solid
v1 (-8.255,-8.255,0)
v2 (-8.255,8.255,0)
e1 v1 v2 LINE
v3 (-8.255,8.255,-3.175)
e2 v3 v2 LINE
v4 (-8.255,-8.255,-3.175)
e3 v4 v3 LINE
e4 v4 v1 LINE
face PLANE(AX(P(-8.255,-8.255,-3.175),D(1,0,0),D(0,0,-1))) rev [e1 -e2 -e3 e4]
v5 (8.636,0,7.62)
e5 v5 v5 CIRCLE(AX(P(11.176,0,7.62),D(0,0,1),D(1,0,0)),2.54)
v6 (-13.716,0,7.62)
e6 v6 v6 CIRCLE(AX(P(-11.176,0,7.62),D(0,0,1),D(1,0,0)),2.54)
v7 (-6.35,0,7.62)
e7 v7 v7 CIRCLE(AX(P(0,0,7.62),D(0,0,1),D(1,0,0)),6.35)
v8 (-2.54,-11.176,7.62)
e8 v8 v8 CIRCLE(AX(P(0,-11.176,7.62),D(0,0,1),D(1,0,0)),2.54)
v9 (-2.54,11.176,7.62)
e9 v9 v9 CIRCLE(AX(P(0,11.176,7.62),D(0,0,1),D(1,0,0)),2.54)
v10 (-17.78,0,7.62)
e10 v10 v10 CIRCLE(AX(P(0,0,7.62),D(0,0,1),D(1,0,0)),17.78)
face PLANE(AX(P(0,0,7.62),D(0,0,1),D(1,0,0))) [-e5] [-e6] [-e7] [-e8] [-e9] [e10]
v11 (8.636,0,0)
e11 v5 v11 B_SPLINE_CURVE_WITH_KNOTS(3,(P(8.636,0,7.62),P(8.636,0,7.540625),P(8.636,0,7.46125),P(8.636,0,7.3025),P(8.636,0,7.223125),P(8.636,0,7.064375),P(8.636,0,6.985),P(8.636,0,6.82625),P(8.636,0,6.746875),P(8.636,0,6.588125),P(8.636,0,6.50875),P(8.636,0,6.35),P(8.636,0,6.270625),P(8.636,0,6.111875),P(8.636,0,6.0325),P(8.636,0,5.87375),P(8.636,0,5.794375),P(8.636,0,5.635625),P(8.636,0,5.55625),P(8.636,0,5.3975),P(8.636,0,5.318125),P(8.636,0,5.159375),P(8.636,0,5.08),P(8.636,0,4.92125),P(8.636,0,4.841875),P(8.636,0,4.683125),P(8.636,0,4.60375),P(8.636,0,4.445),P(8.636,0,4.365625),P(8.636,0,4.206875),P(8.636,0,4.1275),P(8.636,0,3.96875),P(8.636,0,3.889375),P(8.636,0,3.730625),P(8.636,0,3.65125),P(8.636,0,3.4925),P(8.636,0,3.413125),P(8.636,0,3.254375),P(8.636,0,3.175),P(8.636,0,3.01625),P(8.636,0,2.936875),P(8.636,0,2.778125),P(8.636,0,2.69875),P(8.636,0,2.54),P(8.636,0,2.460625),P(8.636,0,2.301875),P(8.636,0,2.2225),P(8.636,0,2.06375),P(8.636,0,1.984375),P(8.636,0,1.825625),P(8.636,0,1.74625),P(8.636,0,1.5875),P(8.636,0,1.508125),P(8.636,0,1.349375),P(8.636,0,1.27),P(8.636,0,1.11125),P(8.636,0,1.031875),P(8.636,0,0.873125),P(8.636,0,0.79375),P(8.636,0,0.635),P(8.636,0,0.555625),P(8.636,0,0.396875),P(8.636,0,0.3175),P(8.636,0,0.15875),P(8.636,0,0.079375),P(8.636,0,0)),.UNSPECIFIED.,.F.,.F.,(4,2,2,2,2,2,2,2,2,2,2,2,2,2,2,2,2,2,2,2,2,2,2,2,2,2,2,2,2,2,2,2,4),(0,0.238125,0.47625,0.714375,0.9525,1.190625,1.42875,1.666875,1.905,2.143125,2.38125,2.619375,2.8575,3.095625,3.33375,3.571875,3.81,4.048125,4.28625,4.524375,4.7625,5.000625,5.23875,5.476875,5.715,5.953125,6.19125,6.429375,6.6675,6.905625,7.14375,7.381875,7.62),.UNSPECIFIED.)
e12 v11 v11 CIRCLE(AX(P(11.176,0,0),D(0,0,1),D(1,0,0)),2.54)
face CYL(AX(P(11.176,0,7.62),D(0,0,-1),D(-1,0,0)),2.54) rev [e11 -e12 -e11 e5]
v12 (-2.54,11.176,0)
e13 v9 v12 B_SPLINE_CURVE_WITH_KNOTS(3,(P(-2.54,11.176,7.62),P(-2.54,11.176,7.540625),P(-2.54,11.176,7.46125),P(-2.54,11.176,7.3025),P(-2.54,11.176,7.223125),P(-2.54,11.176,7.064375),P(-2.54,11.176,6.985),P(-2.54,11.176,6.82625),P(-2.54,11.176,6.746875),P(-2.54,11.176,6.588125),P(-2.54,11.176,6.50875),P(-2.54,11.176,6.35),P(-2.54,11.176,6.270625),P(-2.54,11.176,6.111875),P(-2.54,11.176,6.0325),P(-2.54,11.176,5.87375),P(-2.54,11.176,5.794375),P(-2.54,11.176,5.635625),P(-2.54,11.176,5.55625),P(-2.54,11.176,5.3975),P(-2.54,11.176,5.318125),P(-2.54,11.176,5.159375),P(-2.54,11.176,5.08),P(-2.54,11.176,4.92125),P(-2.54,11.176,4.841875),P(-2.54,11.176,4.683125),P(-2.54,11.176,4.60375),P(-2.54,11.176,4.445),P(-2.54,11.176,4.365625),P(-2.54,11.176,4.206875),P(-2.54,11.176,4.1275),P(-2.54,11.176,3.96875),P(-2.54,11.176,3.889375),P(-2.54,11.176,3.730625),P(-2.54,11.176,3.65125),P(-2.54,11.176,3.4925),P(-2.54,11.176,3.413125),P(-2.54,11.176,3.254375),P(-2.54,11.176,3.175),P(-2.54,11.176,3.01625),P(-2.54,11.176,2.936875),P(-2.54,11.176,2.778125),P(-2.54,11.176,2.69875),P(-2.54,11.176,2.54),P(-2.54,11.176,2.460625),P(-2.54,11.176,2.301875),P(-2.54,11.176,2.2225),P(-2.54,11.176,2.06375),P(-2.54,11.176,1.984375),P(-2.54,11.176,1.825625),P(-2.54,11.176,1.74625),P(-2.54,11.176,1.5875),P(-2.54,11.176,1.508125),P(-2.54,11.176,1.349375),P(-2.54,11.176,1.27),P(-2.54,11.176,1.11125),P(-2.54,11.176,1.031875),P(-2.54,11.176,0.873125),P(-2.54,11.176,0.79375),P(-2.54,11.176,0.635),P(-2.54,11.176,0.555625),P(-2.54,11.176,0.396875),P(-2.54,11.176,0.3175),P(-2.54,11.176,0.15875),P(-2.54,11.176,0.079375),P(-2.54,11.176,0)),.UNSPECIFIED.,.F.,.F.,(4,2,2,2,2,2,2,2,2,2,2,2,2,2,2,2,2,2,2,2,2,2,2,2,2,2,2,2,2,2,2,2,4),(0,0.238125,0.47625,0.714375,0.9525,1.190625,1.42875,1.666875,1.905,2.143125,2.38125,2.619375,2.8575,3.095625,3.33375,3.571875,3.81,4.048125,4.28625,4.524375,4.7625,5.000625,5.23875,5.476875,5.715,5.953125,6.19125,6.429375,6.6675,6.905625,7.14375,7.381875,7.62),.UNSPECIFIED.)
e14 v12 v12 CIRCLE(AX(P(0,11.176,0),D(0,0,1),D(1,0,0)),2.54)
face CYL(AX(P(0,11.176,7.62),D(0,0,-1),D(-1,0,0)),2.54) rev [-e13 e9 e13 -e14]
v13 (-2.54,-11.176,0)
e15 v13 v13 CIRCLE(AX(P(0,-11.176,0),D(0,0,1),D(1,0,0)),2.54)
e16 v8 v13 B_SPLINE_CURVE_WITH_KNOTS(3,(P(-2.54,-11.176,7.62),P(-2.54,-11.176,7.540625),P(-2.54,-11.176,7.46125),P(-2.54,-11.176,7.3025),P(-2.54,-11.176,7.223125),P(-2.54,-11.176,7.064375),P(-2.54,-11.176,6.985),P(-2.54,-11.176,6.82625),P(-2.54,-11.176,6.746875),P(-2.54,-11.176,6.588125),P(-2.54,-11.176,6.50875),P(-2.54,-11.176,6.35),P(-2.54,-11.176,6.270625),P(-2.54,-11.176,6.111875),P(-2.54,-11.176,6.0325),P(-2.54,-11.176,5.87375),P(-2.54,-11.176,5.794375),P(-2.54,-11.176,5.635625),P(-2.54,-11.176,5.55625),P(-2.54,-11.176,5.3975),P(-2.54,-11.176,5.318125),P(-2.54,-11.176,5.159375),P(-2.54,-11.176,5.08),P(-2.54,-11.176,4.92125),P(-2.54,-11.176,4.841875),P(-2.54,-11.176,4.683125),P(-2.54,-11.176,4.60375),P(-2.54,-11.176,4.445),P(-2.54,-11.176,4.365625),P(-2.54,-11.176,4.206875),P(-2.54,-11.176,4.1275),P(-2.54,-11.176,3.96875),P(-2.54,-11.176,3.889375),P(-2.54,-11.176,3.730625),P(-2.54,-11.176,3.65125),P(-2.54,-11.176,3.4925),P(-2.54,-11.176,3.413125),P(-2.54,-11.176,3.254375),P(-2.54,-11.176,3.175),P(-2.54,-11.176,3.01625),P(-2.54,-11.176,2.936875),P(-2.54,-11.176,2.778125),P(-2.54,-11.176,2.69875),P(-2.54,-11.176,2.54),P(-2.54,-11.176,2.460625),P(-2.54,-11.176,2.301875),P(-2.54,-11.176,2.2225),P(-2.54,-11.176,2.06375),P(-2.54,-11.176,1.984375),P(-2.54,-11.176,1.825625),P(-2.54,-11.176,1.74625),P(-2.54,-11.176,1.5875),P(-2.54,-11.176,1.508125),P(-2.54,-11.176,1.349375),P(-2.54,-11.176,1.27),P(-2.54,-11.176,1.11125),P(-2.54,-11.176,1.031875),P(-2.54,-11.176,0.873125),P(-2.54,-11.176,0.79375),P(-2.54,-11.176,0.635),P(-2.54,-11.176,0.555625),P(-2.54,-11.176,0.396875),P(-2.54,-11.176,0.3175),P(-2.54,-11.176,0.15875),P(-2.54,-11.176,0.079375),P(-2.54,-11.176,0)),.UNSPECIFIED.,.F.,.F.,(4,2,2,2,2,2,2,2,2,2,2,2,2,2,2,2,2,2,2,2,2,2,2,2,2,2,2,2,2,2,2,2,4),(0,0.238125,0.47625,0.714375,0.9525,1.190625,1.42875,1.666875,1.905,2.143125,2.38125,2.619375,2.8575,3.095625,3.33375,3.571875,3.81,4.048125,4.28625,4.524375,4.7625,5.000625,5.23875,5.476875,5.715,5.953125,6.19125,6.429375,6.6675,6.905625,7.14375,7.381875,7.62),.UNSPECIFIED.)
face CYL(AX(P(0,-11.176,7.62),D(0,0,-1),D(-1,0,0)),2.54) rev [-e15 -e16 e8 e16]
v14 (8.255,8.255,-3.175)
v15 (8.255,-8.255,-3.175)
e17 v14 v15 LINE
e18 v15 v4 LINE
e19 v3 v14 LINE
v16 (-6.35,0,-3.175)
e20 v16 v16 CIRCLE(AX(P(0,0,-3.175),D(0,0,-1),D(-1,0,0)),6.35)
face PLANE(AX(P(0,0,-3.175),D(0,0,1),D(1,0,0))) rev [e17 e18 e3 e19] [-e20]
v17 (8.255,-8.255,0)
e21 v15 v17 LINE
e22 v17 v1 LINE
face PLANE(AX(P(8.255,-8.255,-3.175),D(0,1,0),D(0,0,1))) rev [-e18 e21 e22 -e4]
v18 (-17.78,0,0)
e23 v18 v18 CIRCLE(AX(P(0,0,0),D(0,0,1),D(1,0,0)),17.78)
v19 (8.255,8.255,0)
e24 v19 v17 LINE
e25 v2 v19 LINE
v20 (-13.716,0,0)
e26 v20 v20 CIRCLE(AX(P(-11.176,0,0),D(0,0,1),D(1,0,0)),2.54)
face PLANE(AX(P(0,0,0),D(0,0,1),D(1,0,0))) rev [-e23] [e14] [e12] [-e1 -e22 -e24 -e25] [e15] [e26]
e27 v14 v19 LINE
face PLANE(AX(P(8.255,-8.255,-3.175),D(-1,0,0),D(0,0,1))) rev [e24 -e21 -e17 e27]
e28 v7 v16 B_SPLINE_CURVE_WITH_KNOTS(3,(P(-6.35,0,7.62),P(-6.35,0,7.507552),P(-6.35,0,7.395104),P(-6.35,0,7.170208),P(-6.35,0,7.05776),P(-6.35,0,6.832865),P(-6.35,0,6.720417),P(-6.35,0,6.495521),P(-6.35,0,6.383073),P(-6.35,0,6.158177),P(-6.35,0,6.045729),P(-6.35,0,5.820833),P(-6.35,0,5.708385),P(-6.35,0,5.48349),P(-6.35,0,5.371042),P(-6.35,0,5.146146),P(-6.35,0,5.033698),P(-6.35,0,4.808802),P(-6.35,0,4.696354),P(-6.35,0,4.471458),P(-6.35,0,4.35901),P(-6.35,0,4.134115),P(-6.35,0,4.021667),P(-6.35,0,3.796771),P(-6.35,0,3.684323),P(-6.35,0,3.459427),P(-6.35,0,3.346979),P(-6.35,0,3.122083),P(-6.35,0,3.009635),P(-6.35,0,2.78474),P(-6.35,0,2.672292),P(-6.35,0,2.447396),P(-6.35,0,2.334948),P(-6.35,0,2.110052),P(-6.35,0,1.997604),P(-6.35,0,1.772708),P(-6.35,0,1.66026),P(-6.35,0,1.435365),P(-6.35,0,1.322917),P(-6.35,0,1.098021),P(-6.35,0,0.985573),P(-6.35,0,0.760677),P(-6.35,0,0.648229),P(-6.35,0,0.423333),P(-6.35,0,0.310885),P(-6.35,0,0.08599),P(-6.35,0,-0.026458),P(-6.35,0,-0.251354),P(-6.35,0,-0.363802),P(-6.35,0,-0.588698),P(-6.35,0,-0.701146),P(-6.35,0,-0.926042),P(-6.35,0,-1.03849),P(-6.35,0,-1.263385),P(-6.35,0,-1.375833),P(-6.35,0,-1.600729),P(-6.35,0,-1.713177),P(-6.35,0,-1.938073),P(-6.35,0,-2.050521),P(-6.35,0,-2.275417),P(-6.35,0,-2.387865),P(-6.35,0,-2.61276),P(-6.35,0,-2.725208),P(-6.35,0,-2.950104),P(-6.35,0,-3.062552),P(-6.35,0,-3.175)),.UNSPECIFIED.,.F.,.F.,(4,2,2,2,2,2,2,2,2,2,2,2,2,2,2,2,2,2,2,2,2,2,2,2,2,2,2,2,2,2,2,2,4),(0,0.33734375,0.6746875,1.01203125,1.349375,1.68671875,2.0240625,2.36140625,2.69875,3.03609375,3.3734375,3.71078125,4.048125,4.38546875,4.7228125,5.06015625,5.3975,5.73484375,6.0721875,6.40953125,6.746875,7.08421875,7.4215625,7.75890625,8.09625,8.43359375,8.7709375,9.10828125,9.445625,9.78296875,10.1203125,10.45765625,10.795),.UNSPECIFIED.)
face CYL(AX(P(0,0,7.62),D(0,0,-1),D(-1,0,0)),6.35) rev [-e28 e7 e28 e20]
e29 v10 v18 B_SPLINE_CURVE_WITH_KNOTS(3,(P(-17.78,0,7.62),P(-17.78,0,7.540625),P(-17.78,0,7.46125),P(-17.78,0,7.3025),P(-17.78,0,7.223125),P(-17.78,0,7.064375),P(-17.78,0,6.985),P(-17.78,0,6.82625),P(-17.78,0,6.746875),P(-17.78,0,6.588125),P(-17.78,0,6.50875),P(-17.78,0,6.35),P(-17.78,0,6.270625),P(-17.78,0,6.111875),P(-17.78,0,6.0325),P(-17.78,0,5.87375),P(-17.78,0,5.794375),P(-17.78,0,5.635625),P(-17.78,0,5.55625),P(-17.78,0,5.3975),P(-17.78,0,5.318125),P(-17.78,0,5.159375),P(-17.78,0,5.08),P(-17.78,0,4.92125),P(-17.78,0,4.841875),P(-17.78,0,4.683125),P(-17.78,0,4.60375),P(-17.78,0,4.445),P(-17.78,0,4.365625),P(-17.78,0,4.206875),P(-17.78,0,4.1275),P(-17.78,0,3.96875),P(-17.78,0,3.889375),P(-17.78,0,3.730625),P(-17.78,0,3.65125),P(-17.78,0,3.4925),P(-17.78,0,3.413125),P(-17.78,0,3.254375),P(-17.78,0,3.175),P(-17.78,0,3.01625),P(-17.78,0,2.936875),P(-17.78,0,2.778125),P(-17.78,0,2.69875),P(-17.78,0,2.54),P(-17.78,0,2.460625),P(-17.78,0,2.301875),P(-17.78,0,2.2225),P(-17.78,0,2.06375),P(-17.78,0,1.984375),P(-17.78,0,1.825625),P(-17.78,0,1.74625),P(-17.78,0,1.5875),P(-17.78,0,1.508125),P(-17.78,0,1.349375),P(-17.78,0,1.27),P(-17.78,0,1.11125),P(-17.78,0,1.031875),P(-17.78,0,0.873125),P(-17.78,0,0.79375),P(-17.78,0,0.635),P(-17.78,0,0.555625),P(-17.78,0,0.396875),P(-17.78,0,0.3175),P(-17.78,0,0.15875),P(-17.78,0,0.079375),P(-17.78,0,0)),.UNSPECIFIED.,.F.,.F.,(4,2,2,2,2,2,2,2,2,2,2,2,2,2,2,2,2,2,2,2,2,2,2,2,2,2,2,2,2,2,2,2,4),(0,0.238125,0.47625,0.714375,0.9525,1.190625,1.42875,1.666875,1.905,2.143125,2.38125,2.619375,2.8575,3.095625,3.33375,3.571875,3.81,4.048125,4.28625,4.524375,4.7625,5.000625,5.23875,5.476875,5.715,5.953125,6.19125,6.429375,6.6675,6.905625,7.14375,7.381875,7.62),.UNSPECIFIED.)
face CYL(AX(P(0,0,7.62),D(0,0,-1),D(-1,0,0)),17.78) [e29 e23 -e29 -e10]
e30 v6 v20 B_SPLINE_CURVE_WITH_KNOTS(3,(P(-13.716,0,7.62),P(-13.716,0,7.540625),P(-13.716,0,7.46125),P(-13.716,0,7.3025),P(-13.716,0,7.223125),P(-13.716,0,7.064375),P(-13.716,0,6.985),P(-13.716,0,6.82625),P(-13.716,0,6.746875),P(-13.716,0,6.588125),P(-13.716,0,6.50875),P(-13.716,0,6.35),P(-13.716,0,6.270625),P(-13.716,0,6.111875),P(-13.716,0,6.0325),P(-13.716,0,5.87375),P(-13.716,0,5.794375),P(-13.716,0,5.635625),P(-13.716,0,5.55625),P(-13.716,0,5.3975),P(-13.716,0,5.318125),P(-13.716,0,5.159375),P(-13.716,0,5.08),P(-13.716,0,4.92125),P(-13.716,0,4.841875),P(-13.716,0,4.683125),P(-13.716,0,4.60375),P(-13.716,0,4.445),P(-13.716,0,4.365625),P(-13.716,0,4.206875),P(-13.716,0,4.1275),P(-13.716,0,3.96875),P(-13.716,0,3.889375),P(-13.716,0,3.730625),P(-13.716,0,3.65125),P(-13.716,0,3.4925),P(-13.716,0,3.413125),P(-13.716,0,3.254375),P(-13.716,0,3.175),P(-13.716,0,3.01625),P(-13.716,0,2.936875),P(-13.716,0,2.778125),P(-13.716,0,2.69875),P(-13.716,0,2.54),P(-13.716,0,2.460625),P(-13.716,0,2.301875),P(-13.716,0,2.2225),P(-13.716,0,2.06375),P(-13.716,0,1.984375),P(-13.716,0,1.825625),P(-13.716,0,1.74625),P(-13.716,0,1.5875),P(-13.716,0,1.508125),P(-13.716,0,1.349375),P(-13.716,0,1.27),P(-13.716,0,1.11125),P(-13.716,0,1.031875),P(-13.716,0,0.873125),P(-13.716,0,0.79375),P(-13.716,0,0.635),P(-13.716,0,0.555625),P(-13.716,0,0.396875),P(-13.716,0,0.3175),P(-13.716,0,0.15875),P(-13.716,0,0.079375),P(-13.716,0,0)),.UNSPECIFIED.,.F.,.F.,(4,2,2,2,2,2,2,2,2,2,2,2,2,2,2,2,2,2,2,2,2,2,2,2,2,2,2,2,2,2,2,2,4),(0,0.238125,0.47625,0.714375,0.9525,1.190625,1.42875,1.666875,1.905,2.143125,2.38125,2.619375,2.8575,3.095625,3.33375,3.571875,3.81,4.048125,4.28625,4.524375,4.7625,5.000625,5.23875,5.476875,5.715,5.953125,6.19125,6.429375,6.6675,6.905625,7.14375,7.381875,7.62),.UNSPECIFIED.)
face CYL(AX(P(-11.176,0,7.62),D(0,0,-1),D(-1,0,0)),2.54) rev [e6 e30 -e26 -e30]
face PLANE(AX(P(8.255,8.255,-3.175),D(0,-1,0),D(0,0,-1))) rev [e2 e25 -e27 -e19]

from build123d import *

# Parameters (mm, degrees)
SKETCH1_R           = 17.78
SKETCH1_R_2         = 2.54
SKETCH1_R_3         = 6.35
BOSS_EXTRUDE1_DEPTH = 7.62
BOSS_EXTRUDE2_START = 3.175
SKETCH2_W           = 16.51
SKETCH2_H           = 16.51
SKETCH2_R           = 6.35
BOSS_EXTRUDE2_DEPTH = 3.175


with BuildPart() as part:
    # Sketch1 → Boss-Extrude1 (new body)
    with BuildSketch(Plane.XY):
        with Locations(Location((0, 0, 0), (0, 0, 180))):
            Circle(SKETCH1_R)
        with Locations(Location((-11.176, 0, 0), (0, 0, 180))):
            Circle(SKETCH1_R_2, mode=Mode.SUBTRACT)
        with Locations(Location((0, -11.176, 0), (0, 0, 180))):
            Circle(SKETCH1_R_2, mode=Mode.SUBTRACT)
        with Locations(Location((11.176, 0, 0), (0, 0, 180))):
            Circle(SKETCH1_R_2, mode=Mode.SUBTRACT)
        with Locations(Location((0, 11.176, 0), (0, 0, 180))):
            Circle(SKETCH1_R_2, mode=Mode.SUBTRACT)
        with Locations(Location((0, 0, 0), (0, 0, 180))):
            Circle(SKETCH1_R_3, mode=Mode.SUBTRACT)
    extrude(amount=BOSS_EXTRUDE1_DEPTH)

    # Sketch2 → Boss-Extrude2 (add)
    with BuildSketch(Plane(origin=(0, 0, 0), x_dir=(-1, 0, 0), z_dir=(0, 0, -1)).offset(BOSS_EXTRUDE2_START)):
        Rectangle(SKETCH2_W, SKETCH2_H)
        Circle(SKETCH2_R, mode=Mode.SUBTRACT)
    extrude(amount=-BOSS_EXTRUDE2_DEPTH)


solid = part.part
